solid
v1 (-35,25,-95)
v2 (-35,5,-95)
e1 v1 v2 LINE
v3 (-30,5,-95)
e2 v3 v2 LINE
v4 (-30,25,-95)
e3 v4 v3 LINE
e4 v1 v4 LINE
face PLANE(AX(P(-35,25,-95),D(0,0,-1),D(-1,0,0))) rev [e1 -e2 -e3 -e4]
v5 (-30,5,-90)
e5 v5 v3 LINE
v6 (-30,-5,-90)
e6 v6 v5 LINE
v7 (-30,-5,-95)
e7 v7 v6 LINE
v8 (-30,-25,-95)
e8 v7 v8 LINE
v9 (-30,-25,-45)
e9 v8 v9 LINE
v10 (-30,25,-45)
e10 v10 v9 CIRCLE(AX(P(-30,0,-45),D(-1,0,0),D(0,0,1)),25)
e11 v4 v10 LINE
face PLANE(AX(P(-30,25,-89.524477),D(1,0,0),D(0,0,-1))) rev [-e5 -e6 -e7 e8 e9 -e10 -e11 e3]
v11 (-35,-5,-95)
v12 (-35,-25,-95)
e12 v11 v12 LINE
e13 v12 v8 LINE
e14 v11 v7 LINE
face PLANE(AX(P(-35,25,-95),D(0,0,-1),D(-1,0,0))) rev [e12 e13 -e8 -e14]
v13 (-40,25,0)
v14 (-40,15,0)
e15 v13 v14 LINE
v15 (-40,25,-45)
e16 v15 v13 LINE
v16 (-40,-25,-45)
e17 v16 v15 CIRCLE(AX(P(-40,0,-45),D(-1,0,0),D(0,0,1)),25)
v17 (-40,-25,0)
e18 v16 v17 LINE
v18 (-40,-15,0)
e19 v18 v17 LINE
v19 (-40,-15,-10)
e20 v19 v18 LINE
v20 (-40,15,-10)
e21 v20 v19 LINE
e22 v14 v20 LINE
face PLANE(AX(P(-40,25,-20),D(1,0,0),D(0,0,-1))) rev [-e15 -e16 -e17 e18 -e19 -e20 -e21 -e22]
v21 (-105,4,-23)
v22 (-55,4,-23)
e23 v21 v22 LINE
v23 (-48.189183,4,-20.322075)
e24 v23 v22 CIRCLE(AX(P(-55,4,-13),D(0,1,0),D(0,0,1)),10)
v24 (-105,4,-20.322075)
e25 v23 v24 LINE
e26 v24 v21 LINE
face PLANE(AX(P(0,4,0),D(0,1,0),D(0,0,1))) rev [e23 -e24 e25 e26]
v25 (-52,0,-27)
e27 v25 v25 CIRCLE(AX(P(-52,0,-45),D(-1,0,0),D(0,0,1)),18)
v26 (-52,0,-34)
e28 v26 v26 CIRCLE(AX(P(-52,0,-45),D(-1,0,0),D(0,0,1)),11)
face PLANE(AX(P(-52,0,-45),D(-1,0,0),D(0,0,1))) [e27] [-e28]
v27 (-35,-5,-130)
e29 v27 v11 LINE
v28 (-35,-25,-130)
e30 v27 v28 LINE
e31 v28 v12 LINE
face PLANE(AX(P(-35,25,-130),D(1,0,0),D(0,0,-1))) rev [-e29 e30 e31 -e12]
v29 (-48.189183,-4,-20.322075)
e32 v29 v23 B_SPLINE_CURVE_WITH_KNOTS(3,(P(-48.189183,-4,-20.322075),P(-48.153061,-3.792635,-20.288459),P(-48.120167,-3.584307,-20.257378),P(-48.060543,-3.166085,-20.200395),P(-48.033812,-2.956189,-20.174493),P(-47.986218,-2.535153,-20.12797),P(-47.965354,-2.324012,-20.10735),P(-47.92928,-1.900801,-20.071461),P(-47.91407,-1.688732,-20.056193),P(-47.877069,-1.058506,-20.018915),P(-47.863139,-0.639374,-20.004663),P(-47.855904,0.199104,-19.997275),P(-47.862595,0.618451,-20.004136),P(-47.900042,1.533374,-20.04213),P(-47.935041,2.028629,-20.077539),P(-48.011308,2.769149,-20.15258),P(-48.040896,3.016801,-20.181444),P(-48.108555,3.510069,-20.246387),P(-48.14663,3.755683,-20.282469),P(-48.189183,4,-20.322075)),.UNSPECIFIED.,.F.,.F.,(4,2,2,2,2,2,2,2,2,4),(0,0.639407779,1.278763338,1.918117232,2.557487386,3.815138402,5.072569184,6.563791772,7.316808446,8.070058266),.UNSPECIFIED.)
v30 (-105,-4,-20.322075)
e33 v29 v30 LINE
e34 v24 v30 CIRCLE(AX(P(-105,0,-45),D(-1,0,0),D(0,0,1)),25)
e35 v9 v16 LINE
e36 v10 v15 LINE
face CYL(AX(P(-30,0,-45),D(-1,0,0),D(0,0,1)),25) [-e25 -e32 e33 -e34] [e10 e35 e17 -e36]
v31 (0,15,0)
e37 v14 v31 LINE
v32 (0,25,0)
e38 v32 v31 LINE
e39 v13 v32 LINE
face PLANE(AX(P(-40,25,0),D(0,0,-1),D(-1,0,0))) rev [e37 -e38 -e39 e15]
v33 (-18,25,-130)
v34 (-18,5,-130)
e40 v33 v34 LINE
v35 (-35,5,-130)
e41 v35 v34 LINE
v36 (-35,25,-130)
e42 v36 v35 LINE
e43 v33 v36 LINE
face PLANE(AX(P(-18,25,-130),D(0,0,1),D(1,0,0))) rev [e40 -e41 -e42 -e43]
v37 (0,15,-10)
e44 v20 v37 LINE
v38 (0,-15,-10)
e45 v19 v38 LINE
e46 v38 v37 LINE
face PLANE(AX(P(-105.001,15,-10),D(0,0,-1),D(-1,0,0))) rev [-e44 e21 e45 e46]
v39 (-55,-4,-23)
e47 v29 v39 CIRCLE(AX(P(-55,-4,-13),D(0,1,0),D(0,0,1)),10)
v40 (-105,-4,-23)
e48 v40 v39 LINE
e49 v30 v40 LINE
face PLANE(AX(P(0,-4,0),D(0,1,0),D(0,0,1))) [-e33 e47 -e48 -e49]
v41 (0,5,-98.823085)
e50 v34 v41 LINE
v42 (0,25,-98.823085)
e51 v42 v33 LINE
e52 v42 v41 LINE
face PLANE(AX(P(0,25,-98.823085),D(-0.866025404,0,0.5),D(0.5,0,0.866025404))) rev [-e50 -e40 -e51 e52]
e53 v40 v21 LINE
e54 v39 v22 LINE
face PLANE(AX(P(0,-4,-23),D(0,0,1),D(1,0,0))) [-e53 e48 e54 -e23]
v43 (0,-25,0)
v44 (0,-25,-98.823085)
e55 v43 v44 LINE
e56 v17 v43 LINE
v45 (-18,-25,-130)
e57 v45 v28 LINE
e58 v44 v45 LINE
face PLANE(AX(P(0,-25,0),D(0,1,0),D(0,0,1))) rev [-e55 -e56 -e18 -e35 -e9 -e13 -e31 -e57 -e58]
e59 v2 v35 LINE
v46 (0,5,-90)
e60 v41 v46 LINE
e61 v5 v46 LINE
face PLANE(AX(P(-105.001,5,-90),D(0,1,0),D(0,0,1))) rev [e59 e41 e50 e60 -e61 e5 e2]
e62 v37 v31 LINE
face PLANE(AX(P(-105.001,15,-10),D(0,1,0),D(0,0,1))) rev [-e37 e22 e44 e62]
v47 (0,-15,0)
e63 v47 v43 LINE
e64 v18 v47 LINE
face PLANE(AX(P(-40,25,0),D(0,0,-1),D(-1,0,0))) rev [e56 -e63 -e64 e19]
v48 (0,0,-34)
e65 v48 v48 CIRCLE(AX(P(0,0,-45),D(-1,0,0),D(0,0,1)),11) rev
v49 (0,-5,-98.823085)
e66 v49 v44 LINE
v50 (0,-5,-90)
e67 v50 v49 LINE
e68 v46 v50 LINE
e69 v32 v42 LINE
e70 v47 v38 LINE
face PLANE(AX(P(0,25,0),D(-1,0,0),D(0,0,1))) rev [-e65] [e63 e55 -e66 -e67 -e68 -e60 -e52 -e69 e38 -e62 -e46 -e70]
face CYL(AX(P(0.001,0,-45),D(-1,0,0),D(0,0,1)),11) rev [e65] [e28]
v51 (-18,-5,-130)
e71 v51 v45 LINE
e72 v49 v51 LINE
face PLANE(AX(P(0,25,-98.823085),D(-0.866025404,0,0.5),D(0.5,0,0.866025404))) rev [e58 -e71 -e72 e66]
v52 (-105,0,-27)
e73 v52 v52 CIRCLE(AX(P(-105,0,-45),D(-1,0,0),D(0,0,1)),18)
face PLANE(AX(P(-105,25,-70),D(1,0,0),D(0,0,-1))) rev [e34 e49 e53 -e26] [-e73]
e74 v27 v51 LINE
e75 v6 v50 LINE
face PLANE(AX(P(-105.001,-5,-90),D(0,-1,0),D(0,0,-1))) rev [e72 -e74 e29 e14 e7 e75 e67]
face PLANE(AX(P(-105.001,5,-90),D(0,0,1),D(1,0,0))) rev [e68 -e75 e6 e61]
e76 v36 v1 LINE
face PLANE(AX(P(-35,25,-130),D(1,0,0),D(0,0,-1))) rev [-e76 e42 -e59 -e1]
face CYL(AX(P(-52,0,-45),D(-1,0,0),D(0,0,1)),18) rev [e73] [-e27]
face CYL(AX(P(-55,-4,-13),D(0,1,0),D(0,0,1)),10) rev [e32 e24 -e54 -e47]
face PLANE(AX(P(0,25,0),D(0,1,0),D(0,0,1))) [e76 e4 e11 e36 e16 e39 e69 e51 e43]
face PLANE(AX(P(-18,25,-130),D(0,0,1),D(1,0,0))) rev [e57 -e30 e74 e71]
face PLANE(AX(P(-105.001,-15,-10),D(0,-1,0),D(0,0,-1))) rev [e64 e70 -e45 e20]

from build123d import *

# Parameters (mm, degrees)
EXTRUDE_1_DEPTH     = 25
CUT_EXTRUDE_1_REACH = 170.967
SKETCH_3_W          = 40
SKETCH_3_H          = 10
SKETCH_3_W_2        = 10
SKETCH_3_H_2        = 30
CUT_EXTRUDE_2_DEPTH = 75
CUT_EXTRUDE_3_DEPTH = 65
CUT_EXTRUDE_4_DEPTH = 4
SKETCH_8_R          = 18
CUT_EXTRUDE_5_DEPTH = 53
CUT_EXTRUDE_6_REACH = 144.597
SKETCH_9_R          = 11


with BuildPart() as part:
    # Эскиз1 → Бобышка-Вытянуть1 (new, symmetric)
    with BuildSketch(Plane(origin=(0, 0, 0), x_dir=(1, 0, 0), z_dir=(0, 1, 0))):
        Polygon((0, 0), (0, 98.823085464), (-18, 130), (-35, 130), (-35, 95), (-30, 95), (-30, 89.524477305), (-30, 70), (-105, 70), (-105, 20), (-40, 20), (-40, 0), align=None)
    extrude(amount=EXTRUDE_1_DEPTH, both=True)

    # Эскиз3 → Вырез-Вытянуть1 (cut, up to next)
    with BuildSketch(Plane(origin=(0, 0, 0), x_dir=(0, 0, -1), z_dir=(1, 0, 0)), mode=Mode.PRIVATE) as cut_extrude_1_sk1:
        with Locations((110, 0)):
            Rectangle(SKETCH_3_W, SKETCH_3_H)
    cut_extrude_1_tool1 = extrude(cut_extrude_1_sk1.sketch, amount=-CUT_EXTRUDE_1_REACH, mode=Mode.PRIVATE) & part.part
    # Эскиз3 → Вырез-Вытянуть1 (cut, up to next)
    with BuildSketch(Plane(origin=(0, 0, 0), x_dir=(0, 0, -1), z_dir=(1, 0, 0)), mode=Mode.PRIVATE) as cut_extrude_1_sk2:
        with Locations((5, 0)):
            Rectangle(SKETCH_3_W_2, SKETCH_3_H_2)
    cut_extrude_1_tool2 = extrude(cut_extrude_1_sk2.sketch, amount=-CUT_EXTRUDE_1_REACH, mode=Mode.PRIVATE) & part.part
    add(cut_extrude_1_tool1.solids().sort_by_distance((0, 0, -110))[0], mode=Mode.SUBTRACT)
    add(cut_extrude_1_tool2.solids().sort_by_distance((0, 0, -5))[0], mode=Mode.SUBTRACT)

    # Эскиз4 → Вырез-Вытянуть2 (cut)
    with BuildSketch(Plane.ZY.offset(105)):
        with BuildLine():
            Line((-70, -25), (-45, -25))
            ThreePointArc((-45, -25), (-62.677669515, -17.677669545), (-70, -4.2e-08))
            Line((-70, -4.2e-08), (-70, -25))
        make_face()
        with BuildLine():
            Line((-70, 25), (-70, -4.2e-08))
            ThreePointArc((-70, -4.2e-08), (-62.677669545, 17.677669515), (-45, 25))
            Line((-45, 25), (-70, 25))
        make_face()
    extrude(amount=-CUT_EXTRUDE_2_DEPTH, mode=Mode.SUBTRACT)

    # Эскиз6 → Вырез-Вытянуть3 (cut)
    with BuildSketch(Plane.ZY.offset(105)):
        with BuildLine():
            ThreePointArc((-20, 0), (-27.32233047, -17.67766953), (-45, -25))
            Line((-45, -25), (-20, -25))
            Line((-20, -25), (-20, 0))
        make_face()
        with BuildLine():
            ThreePointArc((-45, 25), (-27.32233047, 17.67766953), (-20, 0))
            Line((-20, 0), (-20, 25))
            Line((-20, 25), (-45, 25))
        make_face()
    extrude(amount=-CUT_EXTRUDE_3_DEPTH, mode=Mode.SUBTRACT)

    # Эскиз7 → Вырез-Вытянуть4 (cut, symmetric)
    with BuildSketch(Plane(origin=(0, 0, 0), x_dir=(1, 0, 0), z_dir=(0, 1, 0))):
        with BuildLine():
            Line((-105, 23), (-105, 20))
            Line((-105, 20), (-62.141428429, 20))
            ThreePointArc((-62.141428429, 20), (-58.872983346, 22.219544457), (-55, 23))
            Line((-55, 23), (-105, 23))
        make_face()
        with BuildLine():
            ThreePointArc((-55, 23), (-58.872983346, 22.219544457), (-62.141428429, 20))
            Line((-62.141428429, 20), (-55, 20))
            Line((-55, 20), (-55, 23))
        make_face()
        with BuildLine():
            ThreePointArc((-47.858571571, 20), (-51.127016654, 22.219544457), (-55, 23))
            Line((-55, 23), (-55, 20))
            Line((-55, 20), (-47.858571571, 20))
        make_face()
    extrude(amount=CUT_EXTRUDE_4_DEPTH, both=True, mode=Mode.SUBTRACT)

    # Эскиз8 → Вырез-Вытянуть5 (cut)
    with BuildSketch(Plane.ZY.offset(105)):
        with Locations((-45, 0)):
            Circle(SKETCH_8_R)
    extrude(amount=-CUT_EXTRUDE_5_DEPTH, mode=Mode.SUBTRACT)

    # Эскиз9 → Вырез-Вытянуть6 (cut, up to next)
    with BuildSketch(Plane.ZY.offset(52), mode=Mode.PRIVATE) as cut_extrude_6_sk1:
        with Locations((-45, 0)):
            Circle(SKETCH_9_R)
    cut_extrude_6_tool1 = extrude(cut_extrude_6_sk1.sketch, amount=-CUT_EXTRUDE_6_REACH, mode=Mode.PRIVATE) & part.part
    add(cut_extrude_6_tool1.solids().sort_by_distance((-52, 0, -45))[0], mode=Mode.SUBTRACT)


solid = part.part
